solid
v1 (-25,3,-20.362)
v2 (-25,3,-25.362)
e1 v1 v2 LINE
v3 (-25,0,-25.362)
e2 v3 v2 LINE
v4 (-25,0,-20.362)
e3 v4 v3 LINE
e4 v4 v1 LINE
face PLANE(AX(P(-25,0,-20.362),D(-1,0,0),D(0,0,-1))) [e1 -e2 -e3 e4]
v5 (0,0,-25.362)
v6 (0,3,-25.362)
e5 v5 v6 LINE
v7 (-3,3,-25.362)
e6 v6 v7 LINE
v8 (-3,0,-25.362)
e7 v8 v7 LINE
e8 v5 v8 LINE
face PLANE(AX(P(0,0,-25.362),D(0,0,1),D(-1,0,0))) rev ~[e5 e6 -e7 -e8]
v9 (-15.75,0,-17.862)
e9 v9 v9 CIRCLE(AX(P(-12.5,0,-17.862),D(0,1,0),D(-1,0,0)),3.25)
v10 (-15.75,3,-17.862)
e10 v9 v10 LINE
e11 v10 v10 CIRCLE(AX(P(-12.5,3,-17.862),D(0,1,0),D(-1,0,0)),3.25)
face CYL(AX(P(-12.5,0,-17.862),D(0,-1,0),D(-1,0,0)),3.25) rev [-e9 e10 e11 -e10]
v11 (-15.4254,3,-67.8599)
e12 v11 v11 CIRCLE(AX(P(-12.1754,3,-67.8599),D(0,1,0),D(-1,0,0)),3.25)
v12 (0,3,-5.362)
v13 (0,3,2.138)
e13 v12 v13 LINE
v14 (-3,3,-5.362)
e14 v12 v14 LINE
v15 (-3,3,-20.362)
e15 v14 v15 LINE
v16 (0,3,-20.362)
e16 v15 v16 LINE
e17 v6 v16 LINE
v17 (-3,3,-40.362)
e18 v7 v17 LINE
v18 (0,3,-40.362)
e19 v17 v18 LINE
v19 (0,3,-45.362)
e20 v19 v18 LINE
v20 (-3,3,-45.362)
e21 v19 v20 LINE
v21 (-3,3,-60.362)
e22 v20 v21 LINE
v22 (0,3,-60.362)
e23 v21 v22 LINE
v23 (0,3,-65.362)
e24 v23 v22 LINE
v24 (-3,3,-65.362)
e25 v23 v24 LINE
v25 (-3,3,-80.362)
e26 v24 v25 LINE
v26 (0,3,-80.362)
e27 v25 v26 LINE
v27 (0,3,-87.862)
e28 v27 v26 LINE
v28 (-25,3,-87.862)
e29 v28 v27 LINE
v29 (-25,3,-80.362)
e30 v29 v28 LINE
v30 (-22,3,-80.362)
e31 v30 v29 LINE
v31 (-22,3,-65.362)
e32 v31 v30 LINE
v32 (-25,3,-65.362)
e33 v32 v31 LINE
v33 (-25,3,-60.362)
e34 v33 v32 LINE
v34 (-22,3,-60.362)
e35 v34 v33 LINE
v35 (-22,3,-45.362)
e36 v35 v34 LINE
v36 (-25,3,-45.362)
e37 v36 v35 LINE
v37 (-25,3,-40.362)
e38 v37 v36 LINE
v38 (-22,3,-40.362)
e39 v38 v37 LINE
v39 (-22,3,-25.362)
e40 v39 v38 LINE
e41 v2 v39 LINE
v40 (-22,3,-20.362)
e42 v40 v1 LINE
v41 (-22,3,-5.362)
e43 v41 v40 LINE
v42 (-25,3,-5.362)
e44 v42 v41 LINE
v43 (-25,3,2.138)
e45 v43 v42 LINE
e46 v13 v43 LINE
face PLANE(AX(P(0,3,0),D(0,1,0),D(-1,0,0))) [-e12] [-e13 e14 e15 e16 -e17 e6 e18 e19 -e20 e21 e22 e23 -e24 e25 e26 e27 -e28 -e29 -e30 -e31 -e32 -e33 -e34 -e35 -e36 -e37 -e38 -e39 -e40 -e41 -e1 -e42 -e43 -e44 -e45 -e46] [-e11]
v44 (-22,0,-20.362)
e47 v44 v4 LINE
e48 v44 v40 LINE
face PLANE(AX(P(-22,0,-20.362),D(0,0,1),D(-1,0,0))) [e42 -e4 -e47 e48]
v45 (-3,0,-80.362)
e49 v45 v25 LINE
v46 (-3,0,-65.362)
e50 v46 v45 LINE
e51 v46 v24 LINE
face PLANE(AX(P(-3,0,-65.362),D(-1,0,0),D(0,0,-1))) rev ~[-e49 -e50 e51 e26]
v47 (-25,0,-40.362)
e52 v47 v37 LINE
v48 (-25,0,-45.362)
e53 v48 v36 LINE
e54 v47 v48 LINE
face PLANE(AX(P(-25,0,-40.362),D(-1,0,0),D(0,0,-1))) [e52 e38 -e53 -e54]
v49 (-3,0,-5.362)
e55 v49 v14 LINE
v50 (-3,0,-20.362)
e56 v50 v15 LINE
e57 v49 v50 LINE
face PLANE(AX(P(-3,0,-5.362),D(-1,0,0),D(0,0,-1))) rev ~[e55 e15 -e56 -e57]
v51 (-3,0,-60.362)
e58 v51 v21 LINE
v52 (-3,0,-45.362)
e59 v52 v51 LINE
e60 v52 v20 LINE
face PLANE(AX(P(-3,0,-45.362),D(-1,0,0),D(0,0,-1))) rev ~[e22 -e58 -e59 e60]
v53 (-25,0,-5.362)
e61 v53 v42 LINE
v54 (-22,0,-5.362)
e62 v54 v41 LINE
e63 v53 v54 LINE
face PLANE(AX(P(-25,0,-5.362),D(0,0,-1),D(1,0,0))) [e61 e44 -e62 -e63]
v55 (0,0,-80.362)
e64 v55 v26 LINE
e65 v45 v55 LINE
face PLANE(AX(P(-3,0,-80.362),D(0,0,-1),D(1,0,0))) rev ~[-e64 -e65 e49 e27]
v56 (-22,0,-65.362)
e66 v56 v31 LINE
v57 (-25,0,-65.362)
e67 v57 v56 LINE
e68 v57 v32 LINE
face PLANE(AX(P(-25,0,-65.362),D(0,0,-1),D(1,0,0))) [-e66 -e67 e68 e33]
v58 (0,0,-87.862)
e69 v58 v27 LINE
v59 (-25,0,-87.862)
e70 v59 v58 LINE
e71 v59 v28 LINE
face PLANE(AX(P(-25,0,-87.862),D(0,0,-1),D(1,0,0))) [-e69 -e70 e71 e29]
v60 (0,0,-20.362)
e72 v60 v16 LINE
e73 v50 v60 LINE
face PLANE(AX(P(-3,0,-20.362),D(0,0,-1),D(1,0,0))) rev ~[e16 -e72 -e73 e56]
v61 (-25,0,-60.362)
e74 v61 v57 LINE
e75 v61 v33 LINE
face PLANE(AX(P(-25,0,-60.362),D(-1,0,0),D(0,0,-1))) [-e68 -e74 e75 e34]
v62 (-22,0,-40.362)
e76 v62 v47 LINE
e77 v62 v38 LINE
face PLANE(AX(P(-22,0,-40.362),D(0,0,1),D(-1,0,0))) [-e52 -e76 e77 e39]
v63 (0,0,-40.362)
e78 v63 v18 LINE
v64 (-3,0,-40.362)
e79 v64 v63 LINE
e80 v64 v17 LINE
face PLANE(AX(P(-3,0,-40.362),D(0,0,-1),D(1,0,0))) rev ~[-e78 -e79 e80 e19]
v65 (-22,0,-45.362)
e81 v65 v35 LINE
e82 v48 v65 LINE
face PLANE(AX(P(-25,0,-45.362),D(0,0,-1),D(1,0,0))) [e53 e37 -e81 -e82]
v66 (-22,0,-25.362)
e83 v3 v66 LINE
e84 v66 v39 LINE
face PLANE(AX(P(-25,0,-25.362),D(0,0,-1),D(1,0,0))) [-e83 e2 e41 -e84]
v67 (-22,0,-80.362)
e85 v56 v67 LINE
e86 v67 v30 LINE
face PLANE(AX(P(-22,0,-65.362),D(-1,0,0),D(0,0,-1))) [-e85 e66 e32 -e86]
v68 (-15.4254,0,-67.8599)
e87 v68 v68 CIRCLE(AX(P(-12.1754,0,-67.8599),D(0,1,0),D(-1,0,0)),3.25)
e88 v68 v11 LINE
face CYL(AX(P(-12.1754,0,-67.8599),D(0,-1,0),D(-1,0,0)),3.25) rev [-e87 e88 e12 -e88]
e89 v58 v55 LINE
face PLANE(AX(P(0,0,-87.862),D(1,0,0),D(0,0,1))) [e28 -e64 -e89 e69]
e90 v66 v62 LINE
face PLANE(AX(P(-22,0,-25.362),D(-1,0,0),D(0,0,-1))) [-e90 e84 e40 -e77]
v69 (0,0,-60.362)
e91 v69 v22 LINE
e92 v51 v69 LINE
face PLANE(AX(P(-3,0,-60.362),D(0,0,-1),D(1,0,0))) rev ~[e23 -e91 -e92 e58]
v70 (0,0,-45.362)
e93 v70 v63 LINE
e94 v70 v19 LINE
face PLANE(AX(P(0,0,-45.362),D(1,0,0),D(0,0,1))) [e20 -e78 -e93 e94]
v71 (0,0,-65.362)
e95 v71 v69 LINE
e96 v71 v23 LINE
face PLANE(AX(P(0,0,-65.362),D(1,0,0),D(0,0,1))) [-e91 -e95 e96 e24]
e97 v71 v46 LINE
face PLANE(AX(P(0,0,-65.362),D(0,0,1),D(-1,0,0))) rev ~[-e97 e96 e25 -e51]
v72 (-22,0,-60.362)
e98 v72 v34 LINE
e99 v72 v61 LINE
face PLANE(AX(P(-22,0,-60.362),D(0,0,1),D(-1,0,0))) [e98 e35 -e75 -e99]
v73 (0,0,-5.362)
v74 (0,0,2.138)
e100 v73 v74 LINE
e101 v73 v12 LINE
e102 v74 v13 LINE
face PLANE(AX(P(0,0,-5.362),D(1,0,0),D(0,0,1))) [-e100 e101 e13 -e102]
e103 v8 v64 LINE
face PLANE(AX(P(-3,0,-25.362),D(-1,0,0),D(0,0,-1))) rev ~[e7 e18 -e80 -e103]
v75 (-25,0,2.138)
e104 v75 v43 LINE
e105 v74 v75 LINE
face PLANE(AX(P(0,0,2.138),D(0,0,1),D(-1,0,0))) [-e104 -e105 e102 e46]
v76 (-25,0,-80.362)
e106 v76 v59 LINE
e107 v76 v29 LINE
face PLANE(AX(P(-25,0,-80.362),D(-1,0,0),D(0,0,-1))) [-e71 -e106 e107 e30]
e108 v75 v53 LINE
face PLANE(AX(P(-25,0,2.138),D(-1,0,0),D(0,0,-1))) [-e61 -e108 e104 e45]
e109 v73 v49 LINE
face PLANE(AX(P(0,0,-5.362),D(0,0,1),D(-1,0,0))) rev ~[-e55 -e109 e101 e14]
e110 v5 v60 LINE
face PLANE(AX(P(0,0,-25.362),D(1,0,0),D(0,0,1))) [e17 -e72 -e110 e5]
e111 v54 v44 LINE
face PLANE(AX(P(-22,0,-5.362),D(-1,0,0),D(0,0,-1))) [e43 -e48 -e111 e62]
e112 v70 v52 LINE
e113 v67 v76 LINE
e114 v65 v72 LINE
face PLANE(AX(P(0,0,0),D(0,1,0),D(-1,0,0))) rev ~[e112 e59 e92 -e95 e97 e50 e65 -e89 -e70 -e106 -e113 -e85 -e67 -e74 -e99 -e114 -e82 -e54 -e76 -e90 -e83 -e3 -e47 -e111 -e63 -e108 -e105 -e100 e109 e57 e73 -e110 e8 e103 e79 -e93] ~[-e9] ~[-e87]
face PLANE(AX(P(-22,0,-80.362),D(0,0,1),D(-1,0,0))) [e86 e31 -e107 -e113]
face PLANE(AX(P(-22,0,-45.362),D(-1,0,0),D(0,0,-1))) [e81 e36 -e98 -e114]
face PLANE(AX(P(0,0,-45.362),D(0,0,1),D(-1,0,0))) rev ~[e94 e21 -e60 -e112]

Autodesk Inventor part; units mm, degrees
ref_plane "YZ Plane" through (0, 0, 0) normal (1, 0, 0) x (0, 1, 0)
ref_plane "XZ Plane" through (0, 0, 0) normal (0, 1, 0) x (-1, 0, 0)
ref_plane "XY Plane" through (0, 0, 0) normal (0, 0, 1) x (1, 0, 0)
sketch "Boceto1" plane through (0, 0, 0) normal (0, 1, 0) x (-1, 0, 0)
  line L0 (0, 2.138) -> (25, 2.138)
  line L1 (25, 2.138) -> (25, -87.862)
  line L2 (25, -87.862) -> (0, -87.862)
  line L3 (0, -87.862) -> (0, 2.138)
  line L4 (0, 2.138) -> (25, -87.862) construction
  line L5 (25, 2.138) -> (0, -87.862) construction
  circle A0 centre (12.5, -17.862) radius 3.25
  circle A1 centre (12.1754, -67.8599) radius 3.25
  line L6 (25, -5.362) -> (22, -5.362)
  line L7 (22, -5.362) -> (22, -20.362)
  line L8 (22, -20.362) -> (25, -20.362)
  line L9 (25, -20.362) -> (25, -5.362)
  line L10 (22, -40.362) -> (25, -40.362)
  line L11 (25, -25.362) -> (22, -25.362)
  line L12 (22, -25.362) -> (22, -40.362)
  line L13 (25, -40.362) -> (25, -25.362)
  line L14 (22, -60.362) -> (25, -60.362)
  line L15 (25, -45.362) -> (22, -45.362)
  line L16 (22, -45.362) -> (22, -60.362)
  line L17 (25, -60.362) -> (25, -45.362)
  line L18 (22, -80.362) -> (25, -80.362)
  line L19 (25, -65.362) -> (22, -65.362)
  line L20 (22, -65.362) -> (22, -80.362)
  line L21 (25, -80.362) -> (25, -65.362)
  line L22 (12.5, 2.138) -> (12.5, -87.862) construction
  line L23 (0, -5.362) -> (3, -5.362)
  line L24 (3, -5.362) -> (3, -20.362)
  line L25 (3, -20.362) -> (0, -20.362)
  line L26 (0, -20.362) -> (0, -5.362)
  line L27 (3, -40.362) -> (0, -40.362)
  line L28 (0, -25.362) -> (3, -25.362)
  line L29 (3, -25.362) -> (3, -40.362)
  line L30 (0, -40.362) -> (0, -25.362)
  line L31 (3, -60.362) -> (0, -60.362)
  line L32 (0, -45.362) -> (3, -45.362)
  line L33 (3, -45.362) -> (3, -60.362)
  line L34 (0, -60.362) -> (0, -45.362)
  line L35 (3, -80.362) -> (0, -80.362)
  line L36 (0, -65.362) -> (3, -65.362)
  line L37 (3, -65.362) -> (3, -80.362)
  line L38 (0, -80.362) -> (0, -65.362)
  point P0 (0, 0)
  point P1 (12.5, -50)
  point P2 (12.5, -42.862)
  point P3 (23.5, -5.362)
  point P4 (23.5, -25.362)
  point P5 (23.5, -45.362)
  point P6 (23.5, -65.362)
  point P7 (1.5, -5.362)
  point P8 (1.5, -25.362)
  point P9 (1.5, -45.362)
  point P10 (1.5, -65.362)
  point P11 (0, -5.362)
  point P12 (12.5, -42.862)
  dimension "d3" = 25
  dimension "d4" = 25
  dimension "d5" = 90
  dimension "d6" = 6.5
  dimension "d7" = 6.5
  dimension "d8" = 3
  dimension "d9" = 15
  dimension "d10" = 7.5
  dimension "d13" = 20
  dimension "d20" = 25
extrude "Extrusión1" add sketch "Boceto1" along normal blind 3 contours L0 L1 L6 L7 L8 L11 L12 L10 L15 L16 L14 L19 L20 L18 L2 L3 L35 L37 L36 L31 L33 L32 L27 L29 L28 L25 L24 L23
